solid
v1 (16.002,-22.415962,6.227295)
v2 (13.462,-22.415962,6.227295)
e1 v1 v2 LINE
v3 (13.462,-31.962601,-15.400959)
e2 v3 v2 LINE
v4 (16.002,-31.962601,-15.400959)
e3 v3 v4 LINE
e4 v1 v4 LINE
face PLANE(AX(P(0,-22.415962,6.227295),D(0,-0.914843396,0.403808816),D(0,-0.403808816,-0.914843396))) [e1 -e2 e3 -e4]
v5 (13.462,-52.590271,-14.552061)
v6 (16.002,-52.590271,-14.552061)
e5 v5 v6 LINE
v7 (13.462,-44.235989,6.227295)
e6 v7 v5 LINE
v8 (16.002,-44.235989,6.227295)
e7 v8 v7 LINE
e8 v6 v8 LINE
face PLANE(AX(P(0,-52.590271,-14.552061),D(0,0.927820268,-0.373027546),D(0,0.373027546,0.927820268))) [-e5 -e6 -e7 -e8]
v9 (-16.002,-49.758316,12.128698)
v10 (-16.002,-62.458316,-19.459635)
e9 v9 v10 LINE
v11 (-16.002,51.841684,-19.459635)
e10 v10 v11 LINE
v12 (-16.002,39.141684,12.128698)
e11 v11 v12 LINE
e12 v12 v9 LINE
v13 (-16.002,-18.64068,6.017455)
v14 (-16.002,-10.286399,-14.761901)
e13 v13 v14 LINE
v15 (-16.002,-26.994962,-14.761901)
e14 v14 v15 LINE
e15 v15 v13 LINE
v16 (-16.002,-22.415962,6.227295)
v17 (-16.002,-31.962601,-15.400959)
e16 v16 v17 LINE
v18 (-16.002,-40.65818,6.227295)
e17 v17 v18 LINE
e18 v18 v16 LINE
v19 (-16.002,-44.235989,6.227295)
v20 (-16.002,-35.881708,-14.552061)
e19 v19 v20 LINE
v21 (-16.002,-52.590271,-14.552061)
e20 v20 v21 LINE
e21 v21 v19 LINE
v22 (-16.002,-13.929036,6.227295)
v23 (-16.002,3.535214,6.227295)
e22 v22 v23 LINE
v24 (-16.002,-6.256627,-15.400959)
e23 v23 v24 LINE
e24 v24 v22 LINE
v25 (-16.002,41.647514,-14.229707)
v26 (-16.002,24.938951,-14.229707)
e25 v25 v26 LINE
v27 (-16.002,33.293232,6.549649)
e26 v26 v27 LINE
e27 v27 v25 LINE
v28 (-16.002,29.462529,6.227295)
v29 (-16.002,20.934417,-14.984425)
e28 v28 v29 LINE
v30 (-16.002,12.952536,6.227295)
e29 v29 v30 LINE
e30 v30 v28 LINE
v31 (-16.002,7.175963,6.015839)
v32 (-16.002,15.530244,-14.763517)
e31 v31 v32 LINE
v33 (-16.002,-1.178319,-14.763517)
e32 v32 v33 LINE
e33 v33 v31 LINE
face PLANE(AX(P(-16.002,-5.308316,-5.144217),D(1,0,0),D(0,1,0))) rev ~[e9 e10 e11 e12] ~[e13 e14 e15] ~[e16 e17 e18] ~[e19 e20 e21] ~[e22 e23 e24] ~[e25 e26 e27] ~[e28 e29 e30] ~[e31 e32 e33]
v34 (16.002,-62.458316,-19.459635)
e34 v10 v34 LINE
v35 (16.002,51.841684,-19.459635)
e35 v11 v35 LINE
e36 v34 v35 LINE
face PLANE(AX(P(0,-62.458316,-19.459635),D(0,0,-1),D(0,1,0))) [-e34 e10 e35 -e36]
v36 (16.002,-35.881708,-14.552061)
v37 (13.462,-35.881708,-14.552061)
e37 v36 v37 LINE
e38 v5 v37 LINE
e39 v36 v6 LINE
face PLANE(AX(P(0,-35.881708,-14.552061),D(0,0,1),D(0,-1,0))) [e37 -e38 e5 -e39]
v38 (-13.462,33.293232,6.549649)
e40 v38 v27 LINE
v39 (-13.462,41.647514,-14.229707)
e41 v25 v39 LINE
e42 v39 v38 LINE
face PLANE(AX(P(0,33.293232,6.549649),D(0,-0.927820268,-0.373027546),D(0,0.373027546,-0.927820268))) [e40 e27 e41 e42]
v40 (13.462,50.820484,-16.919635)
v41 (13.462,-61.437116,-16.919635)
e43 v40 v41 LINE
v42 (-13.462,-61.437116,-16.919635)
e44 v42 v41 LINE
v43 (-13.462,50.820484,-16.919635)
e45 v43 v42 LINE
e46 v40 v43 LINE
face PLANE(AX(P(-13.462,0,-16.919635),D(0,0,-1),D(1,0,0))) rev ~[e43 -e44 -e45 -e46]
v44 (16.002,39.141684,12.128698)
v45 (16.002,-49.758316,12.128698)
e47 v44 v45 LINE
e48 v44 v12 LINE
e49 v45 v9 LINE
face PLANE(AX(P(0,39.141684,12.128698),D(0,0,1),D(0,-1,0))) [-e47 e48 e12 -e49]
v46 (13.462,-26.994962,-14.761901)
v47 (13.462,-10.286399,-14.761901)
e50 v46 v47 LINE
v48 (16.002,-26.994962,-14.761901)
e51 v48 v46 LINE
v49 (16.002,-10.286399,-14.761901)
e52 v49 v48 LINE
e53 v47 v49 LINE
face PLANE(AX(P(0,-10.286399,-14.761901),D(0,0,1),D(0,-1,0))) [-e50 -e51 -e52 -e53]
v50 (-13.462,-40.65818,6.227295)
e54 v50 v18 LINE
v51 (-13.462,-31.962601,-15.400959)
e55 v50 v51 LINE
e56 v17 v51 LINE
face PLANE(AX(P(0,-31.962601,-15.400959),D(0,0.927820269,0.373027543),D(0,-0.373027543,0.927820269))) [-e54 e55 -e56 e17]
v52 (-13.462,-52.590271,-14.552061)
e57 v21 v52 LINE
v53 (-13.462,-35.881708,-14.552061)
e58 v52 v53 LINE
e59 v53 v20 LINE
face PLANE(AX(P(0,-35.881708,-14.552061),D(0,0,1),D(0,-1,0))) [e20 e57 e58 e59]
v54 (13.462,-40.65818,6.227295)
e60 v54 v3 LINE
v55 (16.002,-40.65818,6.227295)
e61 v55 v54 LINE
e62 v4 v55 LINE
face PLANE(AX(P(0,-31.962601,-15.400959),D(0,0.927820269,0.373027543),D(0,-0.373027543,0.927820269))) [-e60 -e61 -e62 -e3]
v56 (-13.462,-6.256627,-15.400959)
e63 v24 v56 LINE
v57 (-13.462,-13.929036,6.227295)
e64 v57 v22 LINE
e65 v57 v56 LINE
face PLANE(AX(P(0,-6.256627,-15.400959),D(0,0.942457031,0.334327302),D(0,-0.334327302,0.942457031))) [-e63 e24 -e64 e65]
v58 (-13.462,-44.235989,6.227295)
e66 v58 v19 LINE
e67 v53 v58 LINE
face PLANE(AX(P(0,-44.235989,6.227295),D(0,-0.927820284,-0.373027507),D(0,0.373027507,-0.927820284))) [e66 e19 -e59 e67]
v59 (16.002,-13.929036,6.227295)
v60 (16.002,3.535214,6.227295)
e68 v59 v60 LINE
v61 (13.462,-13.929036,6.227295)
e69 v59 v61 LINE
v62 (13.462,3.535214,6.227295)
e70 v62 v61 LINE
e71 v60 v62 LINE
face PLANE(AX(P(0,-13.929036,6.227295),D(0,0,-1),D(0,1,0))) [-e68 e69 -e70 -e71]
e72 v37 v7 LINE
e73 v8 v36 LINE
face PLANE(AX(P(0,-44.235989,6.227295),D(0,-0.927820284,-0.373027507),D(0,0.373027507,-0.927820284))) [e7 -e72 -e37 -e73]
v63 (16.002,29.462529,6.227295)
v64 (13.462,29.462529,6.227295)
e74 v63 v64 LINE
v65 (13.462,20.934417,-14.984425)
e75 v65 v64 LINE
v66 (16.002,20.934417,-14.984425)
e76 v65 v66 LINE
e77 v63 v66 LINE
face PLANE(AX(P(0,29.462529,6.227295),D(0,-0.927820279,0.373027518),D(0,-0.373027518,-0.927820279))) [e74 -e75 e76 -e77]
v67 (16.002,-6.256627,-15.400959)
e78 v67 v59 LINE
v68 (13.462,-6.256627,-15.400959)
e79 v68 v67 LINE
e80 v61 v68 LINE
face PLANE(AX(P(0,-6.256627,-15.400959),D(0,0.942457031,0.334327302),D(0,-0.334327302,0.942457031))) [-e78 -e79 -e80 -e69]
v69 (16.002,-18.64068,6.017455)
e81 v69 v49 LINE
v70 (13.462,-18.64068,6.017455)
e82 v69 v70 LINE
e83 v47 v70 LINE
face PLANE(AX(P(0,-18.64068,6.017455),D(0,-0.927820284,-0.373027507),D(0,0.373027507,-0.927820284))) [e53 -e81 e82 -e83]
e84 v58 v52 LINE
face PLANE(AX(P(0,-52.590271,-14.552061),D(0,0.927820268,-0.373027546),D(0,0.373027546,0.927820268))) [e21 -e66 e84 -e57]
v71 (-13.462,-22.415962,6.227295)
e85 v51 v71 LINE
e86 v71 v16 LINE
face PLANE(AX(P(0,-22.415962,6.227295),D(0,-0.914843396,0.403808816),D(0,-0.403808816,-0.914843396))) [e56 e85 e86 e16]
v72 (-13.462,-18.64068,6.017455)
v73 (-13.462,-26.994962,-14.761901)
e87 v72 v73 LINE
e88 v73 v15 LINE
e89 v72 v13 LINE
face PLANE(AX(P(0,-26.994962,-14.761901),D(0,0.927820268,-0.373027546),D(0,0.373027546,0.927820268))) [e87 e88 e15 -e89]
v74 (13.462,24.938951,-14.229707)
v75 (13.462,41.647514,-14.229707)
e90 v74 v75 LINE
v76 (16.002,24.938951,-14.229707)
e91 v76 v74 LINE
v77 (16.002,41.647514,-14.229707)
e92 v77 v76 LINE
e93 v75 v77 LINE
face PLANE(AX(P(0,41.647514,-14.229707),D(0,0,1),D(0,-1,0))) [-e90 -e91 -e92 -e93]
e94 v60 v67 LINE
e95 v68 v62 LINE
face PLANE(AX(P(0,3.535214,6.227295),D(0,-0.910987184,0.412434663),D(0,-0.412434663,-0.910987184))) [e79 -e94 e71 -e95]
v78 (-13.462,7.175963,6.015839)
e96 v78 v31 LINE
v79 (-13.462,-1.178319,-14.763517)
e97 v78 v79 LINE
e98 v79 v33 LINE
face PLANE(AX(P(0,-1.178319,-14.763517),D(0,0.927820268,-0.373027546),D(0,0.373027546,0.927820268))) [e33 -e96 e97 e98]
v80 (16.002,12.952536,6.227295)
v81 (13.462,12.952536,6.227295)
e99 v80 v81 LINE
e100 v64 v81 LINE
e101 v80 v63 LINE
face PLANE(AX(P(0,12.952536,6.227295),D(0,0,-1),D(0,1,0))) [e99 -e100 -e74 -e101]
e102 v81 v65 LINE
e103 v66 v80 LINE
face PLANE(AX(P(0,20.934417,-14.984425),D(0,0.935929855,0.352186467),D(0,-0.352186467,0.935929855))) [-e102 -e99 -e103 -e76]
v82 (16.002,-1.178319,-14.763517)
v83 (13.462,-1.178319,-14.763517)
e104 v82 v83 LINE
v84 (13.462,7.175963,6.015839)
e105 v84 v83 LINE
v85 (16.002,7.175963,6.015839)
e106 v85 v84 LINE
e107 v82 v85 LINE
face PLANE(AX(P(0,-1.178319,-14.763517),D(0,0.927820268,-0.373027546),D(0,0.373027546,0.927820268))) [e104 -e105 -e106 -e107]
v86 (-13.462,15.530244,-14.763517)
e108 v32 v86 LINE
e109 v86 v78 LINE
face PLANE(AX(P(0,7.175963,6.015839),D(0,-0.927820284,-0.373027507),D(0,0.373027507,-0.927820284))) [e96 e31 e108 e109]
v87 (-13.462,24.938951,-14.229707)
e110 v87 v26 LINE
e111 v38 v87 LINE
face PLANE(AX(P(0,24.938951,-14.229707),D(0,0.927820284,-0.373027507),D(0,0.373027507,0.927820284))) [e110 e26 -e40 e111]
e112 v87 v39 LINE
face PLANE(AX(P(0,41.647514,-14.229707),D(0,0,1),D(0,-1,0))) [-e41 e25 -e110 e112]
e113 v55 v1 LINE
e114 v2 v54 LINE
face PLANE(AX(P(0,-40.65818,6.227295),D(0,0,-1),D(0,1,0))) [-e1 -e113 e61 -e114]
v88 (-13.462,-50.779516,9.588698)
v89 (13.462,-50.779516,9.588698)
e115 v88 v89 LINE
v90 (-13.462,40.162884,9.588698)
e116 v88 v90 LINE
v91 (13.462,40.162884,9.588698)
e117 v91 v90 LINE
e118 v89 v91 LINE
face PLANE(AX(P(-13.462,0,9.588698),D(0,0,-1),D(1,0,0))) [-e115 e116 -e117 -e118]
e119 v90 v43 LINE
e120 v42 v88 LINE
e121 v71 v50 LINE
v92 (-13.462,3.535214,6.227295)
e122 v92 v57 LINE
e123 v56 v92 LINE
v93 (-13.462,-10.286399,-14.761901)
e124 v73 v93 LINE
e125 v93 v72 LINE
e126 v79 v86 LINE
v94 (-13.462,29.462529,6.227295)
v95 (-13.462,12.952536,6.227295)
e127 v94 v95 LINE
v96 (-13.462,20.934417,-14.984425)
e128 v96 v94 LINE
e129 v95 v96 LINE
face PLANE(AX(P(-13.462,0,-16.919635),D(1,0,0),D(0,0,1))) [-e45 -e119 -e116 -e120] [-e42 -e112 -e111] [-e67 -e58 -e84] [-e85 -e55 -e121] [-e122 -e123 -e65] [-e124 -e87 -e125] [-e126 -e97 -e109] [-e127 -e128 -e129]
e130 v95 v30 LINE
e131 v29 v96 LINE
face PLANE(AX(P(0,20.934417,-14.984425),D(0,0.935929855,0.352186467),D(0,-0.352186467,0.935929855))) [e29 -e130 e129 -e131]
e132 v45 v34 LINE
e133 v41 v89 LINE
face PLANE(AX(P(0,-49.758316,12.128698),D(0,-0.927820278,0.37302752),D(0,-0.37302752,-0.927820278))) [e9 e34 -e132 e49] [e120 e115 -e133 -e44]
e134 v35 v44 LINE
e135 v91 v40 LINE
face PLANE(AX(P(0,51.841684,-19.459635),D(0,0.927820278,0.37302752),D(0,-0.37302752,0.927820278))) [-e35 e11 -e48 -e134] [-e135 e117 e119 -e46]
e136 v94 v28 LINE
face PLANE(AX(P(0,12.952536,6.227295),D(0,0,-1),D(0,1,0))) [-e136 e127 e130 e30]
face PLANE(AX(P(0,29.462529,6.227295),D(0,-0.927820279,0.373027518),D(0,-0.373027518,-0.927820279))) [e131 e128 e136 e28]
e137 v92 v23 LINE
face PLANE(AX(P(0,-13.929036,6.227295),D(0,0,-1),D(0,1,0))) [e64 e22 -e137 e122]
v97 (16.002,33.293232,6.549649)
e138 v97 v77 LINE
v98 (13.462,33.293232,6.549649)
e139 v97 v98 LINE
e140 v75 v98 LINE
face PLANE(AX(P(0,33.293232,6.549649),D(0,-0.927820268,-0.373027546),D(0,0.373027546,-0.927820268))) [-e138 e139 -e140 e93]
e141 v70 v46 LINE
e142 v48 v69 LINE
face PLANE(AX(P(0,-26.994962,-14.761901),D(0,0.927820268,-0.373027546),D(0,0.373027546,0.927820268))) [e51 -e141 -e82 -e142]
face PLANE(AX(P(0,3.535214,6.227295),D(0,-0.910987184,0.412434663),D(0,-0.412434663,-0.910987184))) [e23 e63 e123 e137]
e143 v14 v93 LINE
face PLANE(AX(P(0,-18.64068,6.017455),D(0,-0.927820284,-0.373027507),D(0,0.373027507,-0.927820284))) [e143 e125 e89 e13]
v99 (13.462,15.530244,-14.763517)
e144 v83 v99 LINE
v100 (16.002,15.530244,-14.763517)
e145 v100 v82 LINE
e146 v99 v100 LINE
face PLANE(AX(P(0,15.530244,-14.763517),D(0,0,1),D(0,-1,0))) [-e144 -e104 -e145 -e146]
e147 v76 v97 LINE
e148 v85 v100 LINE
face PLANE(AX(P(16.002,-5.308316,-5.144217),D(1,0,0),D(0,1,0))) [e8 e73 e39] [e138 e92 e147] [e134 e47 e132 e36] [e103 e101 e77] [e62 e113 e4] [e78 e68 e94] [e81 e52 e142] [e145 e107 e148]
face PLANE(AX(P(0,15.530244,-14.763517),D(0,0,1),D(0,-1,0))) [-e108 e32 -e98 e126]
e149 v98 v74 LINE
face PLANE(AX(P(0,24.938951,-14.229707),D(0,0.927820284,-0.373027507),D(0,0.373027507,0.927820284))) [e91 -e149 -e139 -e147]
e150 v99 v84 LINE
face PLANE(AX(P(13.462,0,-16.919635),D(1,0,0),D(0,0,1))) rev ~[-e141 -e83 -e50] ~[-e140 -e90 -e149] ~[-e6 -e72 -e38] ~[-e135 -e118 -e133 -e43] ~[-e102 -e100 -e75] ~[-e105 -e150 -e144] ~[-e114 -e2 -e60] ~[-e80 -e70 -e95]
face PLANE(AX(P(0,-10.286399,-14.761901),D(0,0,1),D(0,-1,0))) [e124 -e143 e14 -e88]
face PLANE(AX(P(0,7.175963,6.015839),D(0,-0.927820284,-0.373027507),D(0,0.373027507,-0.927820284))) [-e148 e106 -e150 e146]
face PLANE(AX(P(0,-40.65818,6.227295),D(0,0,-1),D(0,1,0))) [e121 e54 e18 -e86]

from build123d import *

# Parameters (mm, degrees)
F1_DEPTH = 16.002
F2_W     = 26.924
F2_H     = 26.508333
F3_DEPTH = 74.168


with BuildPart() as f1:
    # F0 (on Right) → F1 (new body, symmetric)
    with BuildSketch(Plane.YZ):
        Polygon((-49.758316, 12.128698), (-62.458316, -19.459635), (51.841684, -19.459635), (39.141684, 12.128698), align=None)
        Polygon((-52.590271, -14.552061), (-44.235989, 6.227295), (-35.881708, -14.552061), align=None, mode=Mode.SUBTRACT)
        Polygon((-31.962601, -15.400959), (-40.65818, 6.227295), (-22.415962, 6.227295), align=None, mode=Mode.SUBTRACT)
        Polygon((-10.286399, -14.761901), (-26.994962, -14.761901), (-18.64068, 6.017455), align=None, mode=Mode.SUBTRACT)
        Polygon((-6.256627, -15.400959), (-13.929036, 6.227295), (3.535214, 6.227295), align=None, mode=Mode.SUBTRACT)
        Polygon((15.530244, -14.763517), (-1.178319, -14.763517), (7.175963, 6.015839), align=None, mode=Mode.SUBTRACT)
        Polygon((20.934417, -14.984425), (12.952536, 6.227295), (29.462529, 6.227295), align=None, mode=Mode.SUBTRACT)
        Polygon((41.647514, -14.229707), (24.938951, -14.229707), (33.293232, 6.549649), align=None, mode=Mode.SUBTRACT)
    extrude(amount=F1_DEPTH, both=True)

    # F2 (on Front) → F3 (cut, symmetric)
    with BuildSketch(Plane.XZ):
        with Locations((0, -3.665469)):
            Rectangle(F2_W, F2_H)
    extrude(amount=F3_DEPTH, both=True, mode=Mode.SUBTRACT)


solid = f1.part
